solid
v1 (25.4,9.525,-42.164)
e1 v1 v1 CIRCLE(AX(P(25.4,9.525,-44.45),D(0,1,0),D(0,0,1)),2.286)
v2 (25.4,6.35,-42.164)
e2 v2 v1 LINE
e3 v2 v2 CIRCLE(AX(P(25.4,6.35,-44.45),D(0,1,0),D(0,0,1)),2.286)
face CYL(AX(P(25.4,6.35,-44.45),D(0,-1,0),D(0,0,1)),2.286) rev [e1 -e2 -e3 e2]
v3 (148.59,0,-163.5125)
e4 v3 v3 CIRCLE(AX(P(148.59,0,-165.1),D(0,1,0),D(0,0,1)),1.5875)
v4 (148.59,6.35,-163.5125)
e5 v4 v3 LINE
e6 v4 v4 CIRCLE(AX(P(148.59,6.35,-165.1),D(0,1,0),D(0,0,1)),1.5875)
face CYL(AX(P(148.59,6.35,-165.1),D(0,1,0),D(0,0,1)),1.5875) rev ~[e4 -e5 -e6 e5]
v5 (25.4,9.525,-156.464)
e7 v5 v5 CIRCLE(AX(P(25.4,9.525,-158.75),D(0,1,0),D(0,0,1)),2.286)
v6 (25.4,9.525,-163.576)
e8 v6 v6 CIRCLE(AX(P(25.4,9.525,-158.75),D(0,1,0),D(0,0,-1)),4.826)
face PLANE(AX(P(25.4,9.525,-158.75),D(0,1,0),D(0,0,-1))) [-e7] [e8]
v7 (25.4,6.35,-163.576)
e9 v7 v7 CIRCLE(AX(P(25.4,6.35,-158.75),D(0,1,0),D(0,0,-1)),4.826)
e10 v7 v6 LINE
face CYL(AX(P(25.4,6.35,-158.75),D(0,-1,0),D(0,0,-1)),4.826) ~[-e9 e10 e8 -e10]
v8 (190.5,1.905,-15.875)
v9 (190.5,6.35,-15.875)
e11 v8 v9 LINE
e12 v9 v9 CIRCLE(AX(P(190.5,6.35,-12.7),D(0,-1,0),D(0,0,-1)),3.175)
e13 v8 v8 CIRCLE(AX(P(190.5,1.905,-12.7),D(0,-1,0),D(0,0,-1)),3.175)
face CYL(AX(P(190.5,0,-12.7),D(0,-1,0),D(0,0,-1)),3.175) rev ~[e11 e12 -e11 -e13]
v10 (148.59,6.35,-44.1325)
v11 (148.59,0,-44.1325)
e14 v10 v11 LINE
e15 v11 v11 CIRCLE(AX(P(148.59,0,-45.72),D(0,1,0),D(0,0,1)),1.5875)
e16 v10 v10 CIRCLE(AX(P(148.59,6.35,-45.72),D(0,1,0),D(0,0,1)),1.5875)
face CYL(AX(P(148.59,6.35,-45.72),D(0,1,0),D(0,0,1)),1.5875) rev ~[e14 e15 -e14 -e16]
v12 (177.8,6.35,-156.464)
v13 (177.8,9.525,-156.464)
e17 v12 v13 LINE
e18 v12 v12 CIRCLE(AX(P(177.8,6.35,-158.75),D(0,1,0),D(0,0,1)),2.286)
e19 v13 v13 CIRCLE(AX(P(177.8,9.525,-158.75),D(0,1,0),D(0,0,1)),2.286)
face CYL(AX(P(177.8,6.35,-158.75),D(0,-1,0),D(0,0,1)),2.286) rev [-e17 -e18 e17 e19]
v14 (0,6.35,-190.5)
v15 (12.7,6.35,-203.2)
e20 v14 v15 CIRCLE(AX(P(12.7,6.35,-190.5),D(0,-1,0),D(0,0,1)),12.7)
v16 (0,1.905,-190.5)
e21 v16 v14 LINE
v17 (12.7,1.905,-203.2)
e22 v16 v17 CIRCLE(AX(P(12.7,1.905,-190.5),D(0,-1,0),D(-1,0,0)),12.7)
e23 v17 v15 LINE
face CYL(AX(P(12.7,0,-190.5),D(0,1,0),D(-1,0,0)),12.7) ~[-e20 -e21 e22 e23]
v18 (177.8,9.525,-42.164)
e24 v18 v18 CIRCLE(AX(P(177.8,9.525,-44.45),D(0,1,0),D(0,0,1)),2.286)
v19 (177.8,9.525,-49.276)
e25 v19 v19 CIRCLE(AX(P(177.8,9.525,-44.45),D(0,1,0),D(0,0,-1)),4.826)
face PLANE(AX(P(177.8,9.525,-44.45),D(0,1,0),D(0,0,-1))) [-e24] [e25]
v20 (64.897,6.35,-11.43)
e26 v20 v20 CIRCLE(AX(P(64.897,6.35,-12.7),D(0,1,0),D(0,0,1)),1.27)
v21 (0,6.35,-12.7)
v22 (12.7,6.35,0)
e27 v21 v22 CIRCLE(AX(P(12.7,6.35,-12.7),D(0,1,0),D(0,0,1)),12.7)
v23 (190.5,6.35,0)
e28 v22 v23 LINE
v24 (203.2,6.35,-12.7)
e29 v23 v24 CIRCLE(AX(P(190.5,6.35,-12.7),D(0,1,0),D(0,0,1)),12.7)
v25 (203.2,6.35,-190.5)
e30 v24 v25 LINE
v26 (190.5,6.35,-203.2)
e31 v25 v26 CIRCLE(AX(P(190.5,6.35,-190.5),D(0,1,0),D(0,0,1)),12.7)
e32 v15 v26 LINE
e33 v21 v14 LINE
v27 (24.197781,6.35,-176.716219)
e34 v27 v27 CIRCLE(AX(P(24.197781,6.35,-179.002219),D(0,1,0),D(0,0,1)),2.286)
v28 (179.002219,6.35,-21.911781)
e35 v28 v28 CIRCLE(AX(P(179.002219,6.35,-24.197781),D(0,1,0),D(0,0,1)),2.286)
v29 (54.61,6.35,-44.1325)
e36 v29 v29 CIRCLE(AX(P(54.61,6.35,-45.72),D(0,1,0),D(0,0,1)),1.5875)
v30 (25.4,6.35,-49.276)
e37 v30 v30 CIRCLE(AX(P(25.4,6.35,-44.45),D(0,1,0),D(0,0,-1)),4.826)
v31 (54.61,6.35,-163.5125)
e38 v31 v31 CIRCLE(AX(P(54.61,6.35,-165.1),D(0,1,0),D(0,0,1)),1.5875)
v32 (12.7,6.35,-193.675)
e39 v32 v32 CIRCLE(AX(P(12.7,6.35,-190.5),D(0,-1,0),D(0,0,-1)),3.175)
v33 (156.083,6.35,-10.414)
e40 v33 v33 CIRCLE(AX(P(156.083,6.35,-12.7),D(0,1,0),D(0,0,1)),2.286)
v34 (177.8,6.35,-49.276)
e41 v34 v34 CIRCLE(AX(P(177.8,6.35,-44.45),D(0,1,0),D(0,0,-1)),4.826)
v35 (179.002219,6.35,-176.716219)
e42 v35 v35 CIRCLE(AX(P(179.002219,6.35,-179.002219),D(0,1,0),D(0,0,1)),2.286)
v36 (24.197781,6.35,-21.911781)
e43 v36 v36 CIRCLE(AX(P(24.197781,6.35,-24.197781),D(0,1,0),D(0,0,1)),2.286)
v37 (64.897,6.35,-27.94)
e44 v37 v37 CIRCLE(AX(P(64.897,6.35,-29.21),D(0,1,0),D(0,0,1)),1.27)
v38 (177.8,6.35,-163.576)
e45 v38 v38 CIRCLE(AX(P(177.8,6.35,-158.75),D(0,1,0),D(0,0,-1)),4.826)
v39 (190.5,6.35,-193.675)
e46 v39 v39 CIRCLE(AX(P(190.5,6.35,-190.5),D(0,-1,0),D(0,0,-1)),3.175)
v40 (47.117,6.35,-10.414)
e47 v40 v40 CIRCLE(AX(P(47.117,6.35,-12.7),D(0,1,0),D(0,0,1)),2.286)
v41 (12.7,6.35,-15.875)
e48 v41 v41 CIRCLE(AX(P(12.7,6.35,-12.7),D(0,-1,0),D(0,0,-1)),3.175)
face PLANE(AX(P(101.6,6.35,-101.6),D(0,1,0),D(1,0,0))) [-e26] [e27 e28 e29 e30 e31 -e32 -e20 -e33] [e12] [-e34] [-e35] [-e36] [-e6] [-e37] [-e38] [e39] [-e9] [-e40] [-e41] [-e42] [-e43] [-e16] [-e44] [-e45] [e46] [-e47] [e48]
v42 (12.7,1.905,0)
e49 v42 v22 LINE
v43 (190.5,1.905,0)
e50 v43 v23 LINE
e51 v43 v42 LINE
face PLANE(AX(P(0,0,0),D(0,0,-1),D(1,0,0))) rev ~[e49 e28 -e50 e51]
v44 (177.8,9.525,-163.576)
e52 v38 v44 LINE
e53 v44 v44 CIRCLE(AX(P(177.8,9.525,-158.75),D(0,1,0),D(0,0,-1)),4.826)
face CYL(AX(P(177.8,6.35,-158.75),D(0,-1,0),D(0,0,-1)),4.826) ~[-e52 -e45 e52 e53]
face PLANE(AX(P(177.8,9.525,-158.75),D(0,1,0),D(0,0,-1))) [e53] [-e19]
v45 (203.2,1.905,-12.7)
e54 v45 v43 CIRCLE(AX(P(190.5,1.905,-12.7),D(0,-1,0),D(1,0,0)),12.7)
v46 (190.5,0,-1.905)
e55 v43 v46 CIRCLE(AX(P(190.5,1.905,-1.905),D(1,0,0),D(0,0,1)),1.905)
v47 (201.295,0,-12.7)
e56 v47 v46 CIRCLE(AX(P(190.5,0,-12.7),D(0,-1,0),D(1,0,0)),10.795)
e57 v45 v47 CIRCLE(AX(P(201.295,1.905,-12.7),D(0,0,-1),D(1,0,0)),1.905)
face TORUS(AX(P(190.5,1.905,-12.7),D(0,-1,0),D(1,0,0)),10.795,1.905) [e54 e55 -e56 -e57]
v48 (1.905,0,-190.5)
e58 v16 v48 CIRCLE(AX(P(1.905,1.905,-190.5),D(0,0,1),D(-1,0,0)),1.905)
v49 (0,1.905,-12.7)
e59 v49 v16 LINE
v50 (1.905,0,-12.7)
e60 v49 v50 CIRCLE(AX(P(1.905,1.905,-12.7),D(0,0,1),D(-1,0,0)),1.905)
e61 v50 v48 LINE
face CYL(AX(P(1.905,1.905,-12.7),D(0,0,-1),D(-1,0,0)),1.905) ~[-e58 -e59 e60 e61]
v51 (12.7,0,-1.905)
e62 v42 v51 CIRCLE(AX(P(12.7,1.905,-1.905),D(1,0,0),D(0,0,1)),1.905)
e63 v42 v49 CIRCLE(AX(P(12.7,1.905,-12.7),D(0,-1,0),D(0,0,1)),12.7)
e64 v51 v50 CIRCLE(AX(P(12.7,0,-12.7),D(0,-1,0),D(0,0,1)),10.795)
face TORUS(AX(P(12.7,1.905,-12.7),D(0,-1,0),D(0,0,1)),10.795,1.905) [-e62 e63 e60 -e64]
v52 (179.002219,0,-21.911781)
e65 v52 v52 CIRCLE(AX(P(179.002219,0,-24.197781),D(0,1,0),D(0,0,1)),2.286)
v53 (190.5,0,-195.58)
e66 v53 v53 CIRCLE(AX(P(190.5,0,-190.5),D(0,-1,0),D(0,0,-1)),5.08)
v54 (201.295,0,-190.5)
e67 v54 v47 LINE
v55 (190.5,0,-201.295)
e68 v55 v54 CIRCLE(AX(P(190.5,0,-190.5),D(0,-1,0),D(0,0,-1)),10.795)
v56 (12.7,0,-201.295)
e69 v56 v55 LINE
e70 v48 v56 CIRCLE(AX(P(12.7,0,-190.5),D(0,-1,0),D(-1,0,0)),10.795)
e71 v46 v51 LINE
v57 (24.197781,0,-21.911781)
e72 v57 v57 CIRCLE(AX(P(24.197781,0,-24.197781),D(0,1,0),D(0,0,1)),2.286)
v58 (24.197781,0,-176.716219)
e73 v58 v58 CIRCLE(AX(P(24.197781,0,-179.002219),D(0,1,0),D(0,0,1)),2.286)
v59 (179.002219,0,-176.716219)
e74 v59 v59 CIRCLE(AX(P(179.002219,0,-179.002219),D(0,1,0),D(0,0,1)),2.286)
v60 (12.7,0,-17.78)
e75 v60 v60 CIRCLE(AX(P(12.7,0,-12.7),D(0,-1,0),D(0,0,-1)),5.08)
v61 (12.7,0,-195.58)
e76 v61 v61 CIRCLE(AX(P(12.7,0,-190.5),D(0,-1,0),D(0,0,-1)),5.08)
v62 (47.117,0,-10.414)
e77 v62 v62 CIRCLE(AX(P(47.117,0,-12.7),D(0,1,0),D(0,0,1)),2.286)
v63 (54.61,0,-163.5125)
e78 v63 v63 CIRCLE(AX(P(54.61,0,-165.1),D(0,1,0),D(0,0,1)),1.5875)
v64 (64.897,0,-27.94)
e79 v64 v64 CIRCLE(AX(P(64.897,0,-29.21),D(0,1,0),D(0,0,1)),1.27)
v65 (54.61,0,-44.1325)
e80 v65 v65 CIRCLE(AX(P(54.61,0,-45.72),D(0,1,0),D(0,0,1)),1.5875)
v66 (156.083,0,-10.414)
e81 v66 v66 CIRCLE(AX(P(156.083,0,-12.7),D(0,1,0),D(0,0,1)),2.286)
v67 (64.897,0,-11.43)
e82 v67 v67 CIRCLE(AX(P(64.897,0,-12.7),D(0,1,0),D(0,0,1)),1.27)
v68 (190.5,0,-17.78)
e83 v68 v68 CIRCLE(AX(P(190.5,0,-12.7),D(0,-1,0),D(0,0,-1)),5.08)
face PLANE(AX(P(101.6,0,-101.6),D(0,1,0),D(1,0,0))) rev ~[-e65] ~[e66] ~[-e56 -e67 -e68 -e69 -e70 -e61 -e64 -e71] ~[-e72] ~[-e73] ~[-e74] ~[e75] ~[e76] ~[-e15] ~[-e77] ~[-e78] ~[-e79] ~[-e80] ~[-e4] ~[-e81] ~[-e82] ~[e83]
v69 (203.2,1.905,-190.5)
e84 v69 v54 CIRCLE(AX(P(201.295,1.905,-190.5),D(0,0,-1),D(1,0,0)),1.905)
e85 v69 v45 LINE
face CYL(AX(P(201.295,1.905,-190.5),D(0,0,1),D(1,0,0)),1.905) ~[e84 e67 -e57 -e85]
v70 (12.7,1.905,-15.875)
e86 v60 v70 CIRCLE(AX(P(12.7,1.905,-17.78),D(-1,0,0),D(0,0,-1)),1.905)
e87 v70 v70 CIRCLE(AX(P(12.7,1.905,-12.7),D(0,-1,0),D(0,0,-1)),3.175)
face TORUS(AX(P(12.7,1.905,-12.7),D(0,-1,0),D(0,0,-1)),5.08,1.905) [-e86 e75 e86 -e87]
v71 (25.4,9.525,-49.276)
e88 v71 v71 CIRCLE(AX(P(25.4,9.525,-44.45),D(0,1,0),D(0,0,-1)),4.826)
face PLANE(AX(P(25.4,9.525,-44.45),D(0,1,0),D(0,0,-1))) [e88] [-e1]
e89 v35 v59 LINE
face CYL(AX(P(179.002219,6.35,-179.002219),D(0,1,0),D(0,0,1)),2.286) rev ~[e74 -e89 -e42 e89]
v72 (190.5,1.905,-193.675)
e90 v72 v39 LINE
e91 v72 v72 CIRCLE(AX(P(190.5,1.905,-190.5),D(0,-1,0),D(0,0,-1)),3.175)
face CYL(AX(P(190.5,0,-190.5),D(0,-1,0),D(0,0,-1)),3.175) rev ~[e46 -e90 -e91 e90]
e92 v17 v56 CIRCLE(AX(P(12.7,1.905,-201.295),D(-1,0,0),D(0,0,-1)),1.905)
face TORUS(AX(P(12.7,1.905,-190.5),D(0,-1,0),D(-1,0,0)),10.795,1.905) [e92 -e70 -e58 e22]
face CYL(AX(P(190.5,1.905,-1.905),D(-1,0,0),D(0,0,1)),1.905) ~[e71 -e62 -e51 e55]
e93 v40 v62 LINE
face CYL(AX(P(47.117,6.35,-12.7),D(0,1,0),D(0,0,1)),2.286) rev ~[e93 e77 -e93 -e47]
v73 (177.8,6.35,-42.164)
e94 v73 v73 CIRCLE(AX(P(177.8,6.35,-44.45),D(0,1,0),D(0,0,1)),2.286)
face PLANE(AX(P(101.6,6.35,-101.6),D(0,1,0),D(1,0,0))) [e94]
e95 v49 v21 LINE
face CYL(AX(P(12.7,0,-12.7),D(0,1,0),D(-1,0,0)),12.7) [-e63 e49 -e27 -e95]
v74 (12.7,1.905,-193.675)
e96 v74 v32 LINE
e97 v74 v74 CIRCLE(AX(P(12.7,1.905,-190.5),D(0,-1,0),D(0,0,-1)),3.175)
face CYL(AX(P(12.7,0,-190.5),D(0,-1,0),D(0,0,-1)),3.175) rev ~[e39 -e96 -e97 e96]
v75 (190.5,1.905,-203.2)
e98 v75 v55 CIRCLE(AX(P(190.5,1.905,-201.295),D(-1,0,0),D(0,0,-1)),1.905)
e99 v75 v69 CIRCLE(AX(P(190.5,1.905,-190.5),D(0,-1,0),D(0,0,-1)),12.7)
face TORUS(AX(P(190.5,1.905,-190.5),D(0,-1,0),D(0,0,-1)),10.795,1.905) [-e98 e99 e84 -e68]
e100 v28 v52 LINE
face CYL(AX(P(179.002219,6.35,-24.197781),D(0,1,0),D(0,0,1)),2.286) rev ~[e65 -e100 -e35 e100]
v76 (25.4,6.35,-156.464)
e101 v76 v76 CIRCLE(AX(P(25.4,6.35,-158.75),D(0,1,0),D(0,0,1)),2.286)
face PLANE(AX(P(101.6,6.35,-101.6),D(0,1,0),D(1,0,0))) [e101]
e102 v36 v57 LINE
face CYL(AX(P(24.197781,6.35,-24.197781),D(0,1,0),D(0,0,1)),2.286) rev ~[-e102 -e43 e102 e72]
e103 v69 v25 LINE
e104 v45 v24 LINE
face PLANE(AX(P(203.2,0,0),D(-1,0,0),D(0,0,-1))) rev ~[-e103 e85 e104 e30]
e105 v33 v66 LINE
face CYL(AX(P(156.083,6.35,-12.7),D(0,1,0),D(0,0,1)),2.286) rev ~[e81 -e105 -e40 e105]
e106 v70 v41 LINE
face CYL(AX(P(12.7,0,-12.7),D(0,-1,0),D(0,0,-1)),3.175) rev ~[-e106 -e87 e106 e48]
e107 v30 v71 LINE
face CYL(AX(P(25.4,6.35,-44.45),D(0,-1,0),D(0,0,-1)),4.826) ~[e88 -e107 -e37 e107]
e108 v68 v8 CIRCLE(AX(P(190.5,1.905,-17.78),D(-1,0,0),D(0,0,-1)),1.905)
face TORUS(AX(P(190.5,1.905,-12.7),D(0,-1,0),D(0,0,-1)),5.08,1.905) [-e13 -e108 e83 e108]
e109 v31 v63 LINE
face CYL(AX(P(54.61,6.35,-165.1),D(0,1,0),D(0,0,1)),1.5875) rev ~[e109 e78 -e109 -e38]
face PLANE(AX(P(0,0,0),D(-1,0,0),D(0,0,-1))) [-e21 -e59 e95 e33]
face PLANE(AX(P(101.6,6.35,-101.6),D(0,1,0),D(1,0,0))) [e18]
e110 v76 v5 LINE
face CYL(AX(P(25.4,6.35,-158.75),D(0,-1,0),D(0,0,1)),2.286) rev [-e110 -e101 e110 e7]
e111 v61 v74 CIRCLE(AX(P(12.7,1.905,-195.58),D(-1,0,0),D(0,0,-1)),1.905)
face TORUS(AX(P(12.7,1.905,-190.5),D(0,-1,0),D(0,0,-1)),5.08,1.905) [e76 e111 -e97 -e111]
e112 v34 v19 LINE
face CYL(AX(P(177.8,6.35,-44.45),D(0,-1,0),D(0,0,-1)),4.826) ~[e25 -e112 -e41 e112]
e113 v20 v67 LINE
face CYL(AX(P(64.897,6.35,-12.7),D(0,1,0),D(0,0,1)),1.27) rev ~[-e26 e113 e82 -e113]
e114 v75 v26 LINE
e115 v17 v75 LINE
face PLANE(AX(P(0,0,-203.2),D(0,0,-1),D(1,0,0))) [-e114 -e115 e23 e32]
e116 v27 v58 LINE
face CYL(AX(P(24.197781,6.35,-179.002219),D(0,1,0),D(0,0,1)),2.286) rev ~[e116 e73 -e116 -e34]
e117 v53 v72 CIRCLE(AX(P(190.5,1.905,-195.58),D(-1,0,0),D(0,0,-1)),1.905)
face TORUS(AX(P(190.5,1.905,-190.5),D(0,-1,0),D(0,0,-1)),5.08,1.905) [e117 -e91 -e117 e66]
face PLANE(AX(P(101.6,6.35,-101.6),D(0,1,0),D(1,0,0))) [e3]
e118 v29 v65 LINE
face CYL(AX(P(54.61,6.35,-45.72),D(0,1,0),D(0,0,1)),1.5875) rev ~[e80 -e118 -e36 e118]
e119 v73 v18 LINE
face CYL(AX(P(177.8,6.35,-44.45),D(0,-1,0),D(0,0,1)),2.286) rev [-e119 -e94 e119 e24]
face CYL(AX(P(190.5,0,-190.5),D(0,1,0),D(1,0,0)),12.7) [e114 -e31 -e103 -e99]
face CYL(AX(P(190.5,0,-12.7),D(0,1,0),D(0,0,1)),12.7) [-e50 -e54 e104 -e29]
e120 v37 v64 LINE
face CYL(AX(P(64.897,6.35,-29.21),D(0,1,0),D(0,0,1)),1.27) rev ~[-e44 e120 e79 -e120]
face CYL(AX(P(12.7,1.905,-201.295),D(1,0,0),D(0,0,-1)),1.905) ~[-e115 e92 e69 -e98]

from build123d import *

# Parameters (mm, degrees)
SKETCH1_W           = 203.2
SKETCH1_H           = 203.2
BOSS_EXTRUDE1_DEPTH = 6.35
FILLET1_R           = 12.7
SKETCH2_R           = 3.175
CUT_EXTRUDE1_DEPTH  = 288.438345563
FILLET2_R           = 1.905
SKETCH3_R           = 2.286
CUT_EXTRUDE2_DEPTH  = 288.438345634
SKETCH4_R           = 2.286
CUT_EXTRUDE3_DEPTH  = 288.438345634
SKETCH5_R           = 4.826
SKETCH5_R_2         = 2.286
BOSS_EXTRUDE2_DEPTH = 3.175
SKETCH6_R           = 1.27
CUT_EXTRUDE4_DEPTH  = 288.438345634
SKETCH7_R           = 1.5875
CUT_EXTRUDE5_DEPTH  = 288.438345634


with BuildPart() as part:
    # Sketch1 → Boss-Extrude1 (new body)
    with BuildSketch(Plane(origin=(0, 0, 0), x_dir=(1, 0, 0), z_dir=(0, 1, 0))):
        with Locations((101.6, 101.6)):
            Rectangle(SKETCH1_W, SKETCH1_H)
    extrude(amount=BOSS_EXTRUDE1_DEPTH)

    # Fillet1
    fillet1_edges = [part.edges().sort_by_distance(p)[0] for p in [
        (0, 3.175, -203.2),
        (203.2, 3.175, -203.2),
        (203.2, 3.175, 0),
        (0, 3.175, 0),
    ]]
    fillet(fillet1_edges, radius=FILLET1_R)

    # Sketch2 → Cut-Extrude1 (cut, through all)
    with BuildSketch(Plane.XZ):
        with Locations(Location((12.7, -12.7, 0), (0, 0, 270))):
            Circle(SKETCH2_R)
        with Locations(Location((190.5, -12.7, 0), (0, 0, 270))):
            Circle(SKETCH2_R)
        with Locations(Location((190.5, -190.5, 0), (0, 0, 270))):
            Circle(SKETCH2_R)
        with Locations(Location((12.7, -190.5, 0), (0, 0, 270))):
            Circle(SKETCH2_R)
    extrude(amount=-CUT_EXTRUDE1_DEPTH, mode=Mode.SUBTRACT)

    # Fillet2
    fillet2_edges = [part.edges().sort_by_distance(p)[0] for p in [
        (0, 0, -101.6),
        (101.6, 0, -203.2),
        (203.2, 0, -101.6),
        (101.6, 0, 0),
        (199.480256121, 0, -199.480256121),
        (199.480256121, 0, -3.719743879),
        (3.719743879, 0, -3.719743879),
        (3.719743879, 0, -199.480256121),
        (12.7, 0, -187.325),
        (190.5, 0, -187.325),
        (190.5, 0, -9.525),
        (12.7, 0, -9.525),
    ]]
    fillet(fillet2_edges, radius=FILLET2_R)

    # Sketch3 → Cut-Extrude2 (cut, through all)
    with BuildSketch(Plane(origin=(0, 6.35, 0), x_dir=(1, 0, 0), z_dir=(0, 1, 0))):
        with Locations(Location((24.197781122, 24.197781122, 0), (0, 0, 270))):
            Circle(SKETCH3_R)
        with Locations(Location((179.002218878, 179.002218878, 0), (0, 0, 270))):
            Circle(SKETCH3_R)
        with Locations(Location((179.002218878, 24.197781122, 0), (0, 0, 270))):
            Circle(SKETCH3_R)
        with Locations(Location((24.197781122, 179.002218878, 0), (0, 0, 270))):
            Circle(SKETCH3_R)
    extrude(amount=-CUT_EXTRUDE2_DEPTH, mode=Mode.SUBTRACT)

    # Sketch4 → Cut-Extrude3 (cut, through all)
    with BuildSketch(Plane(origin=(0, 6.35, 0), x_dir=(1, 0, 0), z_dir=(0, 1, 0))):
        with Locations(Location((47.117, 12.7, 0), (0, 0, 270))):
            Circle(SKETCH4_R)
        with Locations(Location((156.083, 12.7, 0), (0, 0, 270))):
            Circle(SKETCH4_R)
    extrude(amount=-CUT_EXTRUDE3_DEPTH, mode=Mode.SUBTRACT)

    # Sketch5 → Boss-Extrude2 (add)
    # profile 1 of 4: a face of its own
    with BuildSketch(Plane(origin=(0, 6.35, 0), x_dir=(1, 0, 0), z_dir=(0, 1, 0))):
        with Locations(Location((25.4, 158.75, 0), (0, 0, 90))):
            Circle(SKETCH5_R)
        with Locations(Location((25.4, 158.75, 0), (0, 0, 270))):
            Circle(SKETCH5_R_2, mode=Mode.SUBTRACT)
    # profile 2 of 4: a face of its own
    with BuildSketch(Plane(origin=(0, 6.35, 0), x_dir=(1, 0, 0), z_dir=(0, 1, 0))):
        with Locations(Location((177.8, 158.75, 0), (0, 0, 90))):
            Circle(SKETCH5_R)
        with Locations(Location((177.8, 158.75, 0), (0, 0, 270))):
            Circle(SKETCH5_R_2, mode=Mode.SUBTRACT)
    # profile 3 of 4: a face of its own
    with BuildSketch(Plane(origin=(0, 6.35, 0), x_dir=(1, 0, 0), z_dir=(0, 1, 0))):
        with Locations(Location((177.8, 44.45, 0), (0, 0, 90))):
            Circle(SKETCH5_R)
        with Locations(Location((177.8, 44.45, 0), (0, 0, 270))):
            Circle(SKETCH5_R_2, mode=Mode.SUBTRACT)
    # profile 4 of 4: a face of its own
    with BuildSketch(Plane(origin=(0, 6.35, 0), x_dir=(1, 0, 0), z_dir=(0, 1, 0))):
        with Locations(Location((25.4, 44.45, 0), (0, 0, 90))):
            Circle(SKETCH5_R)
        with Locations(Location((25.4, 44.45, 0), (0, 0, 270))):
            Circle(SKETCH5_R_2, mode=Mode.SUBTRACT)
    extrude(amount=BOSS_EXTRUDE2_DEPTH)

    # Sketch6 → Cut-Extrude4 (cut, through all)
    with BuildSketch(Plane(origin=(0, 6.35, 0), x_dir=(1, 0, 0), z_dir=(0, 1, 0))):
        with Locations(Location((64.897, 29.21, 0), (0, 0, 270))):
            Circle(SKETCH6_R)
        with Locations(Location((64.897, 12.7, 0), (0, 0, 270))):
            Circle(SKETCH6_R)
    extrude(amount=-CUT_EXTRUDE4_DEPTH, mode=Mode.SUBTRACT)

    # Sketch7 → Cut-Extrude5 (cut, through all)
    with BuildSketch(Plane(origin=(0, 6.35, 0), x_dir=(1, 0, 0), z_dir=(0, 1, 0))):
        with Locations(Location((54.61, 45.72, 0), (0, 0, 270))):
            Circle(SKETCH7_R)
        with Locations(Location((54.61, 165.1, 0), (0, 0, 270))):
            Circle(SKETCH7_R)
        with Locations(Location((148.59, 165.1, 0), (0, 0, 270))):
            Circle(SKETCH7_R)
        with Locations(Location((148.59, 45.72, 0), (0, 0, 270))):
            Circle(SKETCH7_R)
    extrude(amount=-CUT_EXTRUDE5_DEPTH, mode=Mode.SUBTRACT)


solid = part.part
